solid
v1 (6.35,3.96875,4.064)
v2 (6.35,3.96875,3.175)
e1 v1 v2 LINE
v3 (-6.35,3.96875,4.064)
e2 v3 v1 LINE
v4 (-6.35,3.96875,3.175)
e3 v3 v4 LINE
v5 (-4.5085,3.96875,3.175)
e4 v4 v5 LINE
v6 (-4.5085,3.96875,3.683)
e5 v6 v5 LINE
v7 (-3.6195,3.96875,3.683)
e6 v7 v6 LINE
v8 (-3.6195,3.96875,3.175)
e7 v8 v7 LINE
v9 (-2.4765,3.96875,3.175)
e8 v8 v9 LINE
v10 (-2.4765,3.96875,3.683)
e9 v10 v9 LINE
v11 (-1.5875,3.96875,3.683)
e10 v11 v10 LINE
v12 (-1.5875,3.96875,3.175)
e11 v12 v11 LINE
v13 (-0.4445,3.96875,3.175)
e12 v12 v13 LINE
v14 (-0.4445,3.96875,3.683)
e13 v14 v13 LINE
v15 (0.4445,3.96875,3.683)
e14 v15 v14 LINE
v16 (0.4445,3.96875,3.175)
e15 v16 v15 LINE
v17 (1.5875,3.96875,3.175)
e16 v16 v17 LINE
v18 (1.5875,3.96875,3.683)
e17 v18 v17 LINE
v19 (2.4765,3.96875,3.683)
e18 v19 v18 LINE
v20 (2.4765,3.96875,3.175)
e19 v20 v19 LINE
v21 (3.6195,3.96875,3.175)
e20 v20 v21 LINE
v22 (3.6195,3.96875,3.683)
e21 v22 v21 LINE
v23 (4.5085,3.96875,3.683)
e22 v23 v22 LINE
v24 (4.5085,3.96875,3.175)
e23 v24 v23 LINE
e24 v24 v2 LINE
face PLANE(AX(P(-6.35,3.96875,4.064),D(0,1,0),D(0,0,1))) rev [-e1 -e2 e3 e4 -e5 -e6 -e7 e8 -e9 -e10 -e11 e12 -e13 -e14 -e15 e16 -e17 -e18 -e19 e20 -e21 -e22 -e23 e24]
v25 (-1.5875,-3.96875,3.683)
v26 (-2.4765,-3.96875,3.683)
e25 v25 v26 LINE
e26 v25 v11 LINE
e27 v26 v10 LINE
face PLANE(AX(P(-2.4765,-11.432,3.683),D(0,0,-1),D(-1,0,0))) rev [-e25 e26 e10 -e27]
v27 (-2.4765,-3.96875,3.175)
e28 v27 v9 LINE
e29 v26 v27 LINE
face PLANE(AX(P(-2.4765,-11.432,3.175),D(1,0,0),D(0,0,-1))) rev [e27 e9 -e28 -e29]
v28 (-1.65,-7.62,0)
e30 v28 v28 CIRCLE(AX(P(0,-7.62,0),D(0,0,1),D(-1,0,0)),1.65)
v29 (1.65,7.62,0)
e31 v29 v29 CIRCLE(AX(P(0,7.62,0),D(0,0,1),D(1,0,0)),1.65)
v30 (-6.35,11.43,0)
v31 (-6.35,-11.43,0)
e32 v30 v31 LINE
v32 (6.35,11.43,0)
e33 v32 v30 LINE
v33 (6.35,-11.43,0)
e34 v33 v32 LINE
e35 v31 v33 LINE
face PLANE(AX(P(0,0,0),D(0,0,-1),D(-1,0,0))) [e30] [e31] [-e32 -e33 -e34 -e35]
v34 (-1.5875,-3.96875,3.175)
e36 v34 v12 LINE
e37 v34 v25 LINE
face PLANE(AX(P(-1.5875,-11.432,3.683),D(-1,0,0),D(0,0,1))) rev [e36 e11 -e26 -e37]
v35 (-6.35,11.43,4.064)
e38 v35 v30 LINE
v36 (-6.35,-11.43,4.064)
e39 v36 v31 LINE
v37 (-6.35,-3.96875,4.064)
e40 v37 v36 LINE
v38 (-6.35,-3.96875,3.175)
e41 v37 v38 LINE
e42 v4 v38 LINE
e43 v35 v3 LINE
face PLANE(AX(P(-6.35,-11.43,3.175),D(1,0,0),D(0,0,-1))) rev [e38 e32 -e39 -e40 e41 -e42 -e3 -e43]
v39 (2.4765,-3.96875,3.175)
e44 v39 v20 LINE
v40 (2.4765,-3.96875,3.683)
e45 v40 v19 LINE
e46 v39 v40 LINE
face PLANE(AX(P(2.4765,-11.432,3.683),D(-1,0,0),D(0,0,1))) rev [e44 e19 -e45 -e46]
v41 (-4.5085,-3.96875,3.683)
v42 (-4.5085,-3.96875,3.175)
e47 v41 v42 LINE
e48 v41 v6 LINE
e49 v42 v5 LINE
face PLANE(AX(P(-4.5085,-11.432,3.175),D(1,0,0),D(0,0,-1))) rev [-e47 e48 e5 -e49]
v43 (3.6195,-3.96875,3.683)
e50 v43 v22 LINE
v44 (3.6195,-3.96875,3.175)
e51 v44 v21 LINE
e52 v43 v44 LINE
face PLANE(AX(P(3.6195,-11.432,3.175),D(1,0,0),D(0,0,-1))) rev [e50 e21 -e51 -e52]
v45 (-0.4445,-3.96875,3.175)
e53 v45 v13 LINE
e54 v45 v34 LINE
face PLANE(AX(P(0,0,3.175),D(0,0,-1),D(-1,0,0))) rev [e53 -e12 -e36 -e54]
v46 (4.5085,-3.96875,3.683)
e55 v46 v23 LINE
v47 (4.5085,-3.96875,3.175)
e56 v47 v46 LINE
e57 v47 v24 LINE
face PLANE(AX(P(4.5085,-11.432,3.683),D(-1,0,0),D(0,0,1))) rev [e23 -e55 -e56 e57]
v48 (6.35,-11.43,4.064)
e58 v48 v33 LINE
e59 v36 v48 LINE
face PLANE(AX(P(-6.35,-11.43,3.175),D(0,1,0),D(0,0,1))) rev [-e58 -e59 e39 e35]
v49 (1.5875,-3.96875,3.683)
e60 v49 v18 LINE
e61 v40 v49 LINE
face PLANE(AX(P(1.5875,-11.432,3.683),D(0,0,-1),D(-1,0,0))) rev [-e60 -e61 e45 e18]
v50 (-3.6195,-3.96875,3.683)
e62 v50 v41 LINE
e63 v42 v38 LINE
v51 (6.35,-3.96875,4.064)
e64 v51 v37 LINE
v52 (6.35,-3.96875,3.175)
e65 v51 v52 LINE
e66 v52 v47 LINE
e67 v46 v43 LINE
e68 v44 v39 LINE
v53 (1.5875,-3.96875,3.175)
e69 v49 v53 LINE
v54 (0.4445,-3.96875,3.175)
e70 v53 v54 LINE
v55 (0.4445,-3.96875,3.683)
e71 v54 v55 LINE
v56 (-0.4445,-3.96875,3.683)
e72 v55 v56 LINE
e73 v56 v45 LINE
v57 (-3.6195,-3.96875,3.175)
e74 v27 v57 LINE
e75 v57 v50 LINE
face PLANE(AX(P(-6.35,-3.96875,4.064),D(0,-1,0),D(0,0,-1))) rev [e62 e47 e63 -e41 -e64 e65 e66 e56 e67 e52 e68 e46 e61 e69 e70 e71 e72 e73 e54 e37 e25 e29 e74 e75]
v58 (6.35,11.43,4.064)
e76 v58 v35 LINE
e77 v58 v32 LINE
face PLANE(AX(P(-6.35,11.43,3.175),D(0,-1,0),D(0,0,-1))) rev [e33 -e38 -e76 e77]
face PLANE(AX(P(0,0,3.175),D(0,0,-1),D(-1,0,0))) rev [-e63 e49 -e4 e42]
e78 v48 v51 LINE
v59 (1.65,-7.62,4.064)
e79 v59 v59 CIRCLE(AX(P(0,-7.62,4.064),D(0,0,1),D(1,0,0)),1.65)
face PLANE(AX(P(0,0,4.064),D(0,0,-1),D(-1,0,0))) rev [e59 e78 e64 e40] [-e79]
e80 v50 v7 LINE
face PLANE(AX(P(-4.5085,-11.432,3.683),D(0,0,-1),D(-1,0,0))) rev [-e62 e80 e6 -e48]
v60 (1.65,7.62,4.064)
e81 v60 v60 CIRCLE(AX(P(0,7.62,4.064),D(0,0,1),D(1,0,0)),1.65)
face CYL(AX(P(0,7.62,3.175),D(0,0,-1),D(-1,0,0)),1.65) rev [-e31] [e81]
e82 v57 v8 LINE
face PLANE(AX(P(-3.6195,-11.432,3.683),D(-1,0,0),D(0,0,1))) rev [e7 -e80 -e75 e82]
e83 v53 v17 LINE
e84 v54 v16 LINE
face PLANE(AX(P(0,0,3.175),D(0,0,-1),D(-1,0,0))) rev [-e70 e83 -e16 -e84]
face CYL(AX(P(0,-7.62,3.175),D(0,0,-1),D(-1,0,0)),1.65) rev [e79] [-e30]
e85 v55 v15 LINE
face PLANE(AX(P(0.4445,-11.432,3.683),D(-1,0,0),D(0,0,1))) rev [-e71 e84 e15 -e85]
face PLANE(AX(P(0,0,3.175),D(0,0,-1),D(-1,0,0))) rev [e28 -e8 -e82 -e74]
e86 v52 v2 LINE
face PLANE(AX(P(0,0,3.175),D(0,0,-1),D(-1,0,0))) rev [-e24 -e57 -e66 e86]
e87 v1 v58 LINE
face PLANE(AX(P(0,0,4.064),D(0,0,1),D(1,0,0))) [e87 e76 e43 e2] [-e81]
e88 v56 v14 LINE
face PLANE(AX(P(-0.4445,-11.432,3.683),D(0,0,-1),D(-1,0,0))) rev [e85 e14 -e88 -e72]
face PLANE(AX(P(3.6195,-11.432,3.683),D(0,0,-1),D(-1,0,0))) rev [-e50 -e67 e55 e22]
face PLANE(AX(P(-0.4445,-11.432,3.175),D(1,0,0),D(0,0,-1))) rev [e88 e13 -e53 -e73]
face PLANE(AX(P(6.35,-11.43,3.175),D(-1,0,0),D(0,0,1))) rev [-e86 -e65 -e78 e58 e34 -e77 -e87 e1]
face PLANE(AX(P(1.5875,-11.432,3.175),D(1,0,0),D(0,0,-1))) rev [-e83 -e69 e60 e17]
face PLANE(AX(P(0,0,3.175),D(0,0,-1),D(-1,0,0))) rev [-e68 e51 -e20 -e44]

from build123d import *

# Parameters (mm, degrees)
SKETCH1_W           = 12.7
SKETCH1_H           = 22.86
SKETCH1_R           = 1.65
BOSS_EXTRUDE1_DEPTH = 3.175
SKETCH2_W           = 12.7
SKETCH2_H           = 7.46125
SKETCH2_R           = 1.65
BOSS_EXTRUDE2_DEPTH = 0.889
BOSS_EXTRUDE3_REACH = 19.145
SKETCH3_W           = 0.889
SKETCH3_H           = 0.508
LPATTERN1_COUNT     = 3
LPATTERN1_PITCH     = 2.032
LPATTERN1_COL_COUNT = 3
LPATTERN1_COL_PITCH = 2.032


with BuildPart() as part:
    # Sketch1 → Boss-Extrude1 (new body)
    with BuildSketch(Plane.XY):
        Rectangle(SKETCH1_W, SKETCH1_H)
        with Locations((0, 7.62)):
            Circle(SKETCH1_R, mode=Mode.SUBTRACT)
        with Locations(Location((0, -7.62, 0), (0, 0, 180))):
            Circle(SKETCH1_R, mode=Mode.SUBTRACT)
    extrude(amount=BOSS_EXTRUDE1_DEPTH)

    # Sketch2 → Boss-Extrude2 (add)
    # profile 1 of 2: a face of its own
    with BuildSketch(Plane.XY.offset(3.175)):
        with Locations((0, -7.699375)):
            Rectangle(SKETCH2_W, SKETCH2_H)
        with Locations(Location((0, -7.62, 0), (0, 0, 180))):
            Circle(SKETCH2_R, mode=Mode.SUBTRACT)
    # profile 2 of 2: a face of its own
    with BuildSketch(Plane.XY.offset(3.175)):
        with Locations((0, 7.699375)):
            Rectangle(SKETCH2_W, SKETCH2_H)
        with Locations((0, 7.62)):
            Circle(SKETCH2_R, mode=Mode.SUBTRACT)
    extrude(amount=BOSS_EXTRUDE2_DEPTH)

    # Sketch3 → Boss-Extrude3 (add, up to next)
    with BuildSketch(Plane.XZ.offset(-3.96875), mode=Mode.PRIVATE) as boss_extrude3_sk1:
        with Locations((0, 3.429)):
            Rectangle(SKETCH3_W, SKETCH3_H)
    boss_extrude3_tool1 = extrude(boss_extrude3_sk1.sketch, amount=BOSS_EXTRUDE3_REACH, mode=Mode.PRIVATE) - part.part
    boss_extrude3 = boss_extrude3_tool1.solids().sort_by_distance((0, 3.96875, 3.429))[0]
    add(boss_extrude3)

    # LPattern1: Boss-Extrude3 ×3
    with Locations(*[(i * LPATTERN1_PITCH, 0, 0) for i in range(1, LPATTERN1_COUNT)]):
        add(boss_extrude3)

    # LPattern1 col: Boss-Extrude3 ×3
    with Locations(*[(-i * LPATTERN1_COL_PITCH, 0, 0) for i in range(1, LPATTERN1_COL_COUNT)]):
        add(boss_extrude3)


solid = part.part
